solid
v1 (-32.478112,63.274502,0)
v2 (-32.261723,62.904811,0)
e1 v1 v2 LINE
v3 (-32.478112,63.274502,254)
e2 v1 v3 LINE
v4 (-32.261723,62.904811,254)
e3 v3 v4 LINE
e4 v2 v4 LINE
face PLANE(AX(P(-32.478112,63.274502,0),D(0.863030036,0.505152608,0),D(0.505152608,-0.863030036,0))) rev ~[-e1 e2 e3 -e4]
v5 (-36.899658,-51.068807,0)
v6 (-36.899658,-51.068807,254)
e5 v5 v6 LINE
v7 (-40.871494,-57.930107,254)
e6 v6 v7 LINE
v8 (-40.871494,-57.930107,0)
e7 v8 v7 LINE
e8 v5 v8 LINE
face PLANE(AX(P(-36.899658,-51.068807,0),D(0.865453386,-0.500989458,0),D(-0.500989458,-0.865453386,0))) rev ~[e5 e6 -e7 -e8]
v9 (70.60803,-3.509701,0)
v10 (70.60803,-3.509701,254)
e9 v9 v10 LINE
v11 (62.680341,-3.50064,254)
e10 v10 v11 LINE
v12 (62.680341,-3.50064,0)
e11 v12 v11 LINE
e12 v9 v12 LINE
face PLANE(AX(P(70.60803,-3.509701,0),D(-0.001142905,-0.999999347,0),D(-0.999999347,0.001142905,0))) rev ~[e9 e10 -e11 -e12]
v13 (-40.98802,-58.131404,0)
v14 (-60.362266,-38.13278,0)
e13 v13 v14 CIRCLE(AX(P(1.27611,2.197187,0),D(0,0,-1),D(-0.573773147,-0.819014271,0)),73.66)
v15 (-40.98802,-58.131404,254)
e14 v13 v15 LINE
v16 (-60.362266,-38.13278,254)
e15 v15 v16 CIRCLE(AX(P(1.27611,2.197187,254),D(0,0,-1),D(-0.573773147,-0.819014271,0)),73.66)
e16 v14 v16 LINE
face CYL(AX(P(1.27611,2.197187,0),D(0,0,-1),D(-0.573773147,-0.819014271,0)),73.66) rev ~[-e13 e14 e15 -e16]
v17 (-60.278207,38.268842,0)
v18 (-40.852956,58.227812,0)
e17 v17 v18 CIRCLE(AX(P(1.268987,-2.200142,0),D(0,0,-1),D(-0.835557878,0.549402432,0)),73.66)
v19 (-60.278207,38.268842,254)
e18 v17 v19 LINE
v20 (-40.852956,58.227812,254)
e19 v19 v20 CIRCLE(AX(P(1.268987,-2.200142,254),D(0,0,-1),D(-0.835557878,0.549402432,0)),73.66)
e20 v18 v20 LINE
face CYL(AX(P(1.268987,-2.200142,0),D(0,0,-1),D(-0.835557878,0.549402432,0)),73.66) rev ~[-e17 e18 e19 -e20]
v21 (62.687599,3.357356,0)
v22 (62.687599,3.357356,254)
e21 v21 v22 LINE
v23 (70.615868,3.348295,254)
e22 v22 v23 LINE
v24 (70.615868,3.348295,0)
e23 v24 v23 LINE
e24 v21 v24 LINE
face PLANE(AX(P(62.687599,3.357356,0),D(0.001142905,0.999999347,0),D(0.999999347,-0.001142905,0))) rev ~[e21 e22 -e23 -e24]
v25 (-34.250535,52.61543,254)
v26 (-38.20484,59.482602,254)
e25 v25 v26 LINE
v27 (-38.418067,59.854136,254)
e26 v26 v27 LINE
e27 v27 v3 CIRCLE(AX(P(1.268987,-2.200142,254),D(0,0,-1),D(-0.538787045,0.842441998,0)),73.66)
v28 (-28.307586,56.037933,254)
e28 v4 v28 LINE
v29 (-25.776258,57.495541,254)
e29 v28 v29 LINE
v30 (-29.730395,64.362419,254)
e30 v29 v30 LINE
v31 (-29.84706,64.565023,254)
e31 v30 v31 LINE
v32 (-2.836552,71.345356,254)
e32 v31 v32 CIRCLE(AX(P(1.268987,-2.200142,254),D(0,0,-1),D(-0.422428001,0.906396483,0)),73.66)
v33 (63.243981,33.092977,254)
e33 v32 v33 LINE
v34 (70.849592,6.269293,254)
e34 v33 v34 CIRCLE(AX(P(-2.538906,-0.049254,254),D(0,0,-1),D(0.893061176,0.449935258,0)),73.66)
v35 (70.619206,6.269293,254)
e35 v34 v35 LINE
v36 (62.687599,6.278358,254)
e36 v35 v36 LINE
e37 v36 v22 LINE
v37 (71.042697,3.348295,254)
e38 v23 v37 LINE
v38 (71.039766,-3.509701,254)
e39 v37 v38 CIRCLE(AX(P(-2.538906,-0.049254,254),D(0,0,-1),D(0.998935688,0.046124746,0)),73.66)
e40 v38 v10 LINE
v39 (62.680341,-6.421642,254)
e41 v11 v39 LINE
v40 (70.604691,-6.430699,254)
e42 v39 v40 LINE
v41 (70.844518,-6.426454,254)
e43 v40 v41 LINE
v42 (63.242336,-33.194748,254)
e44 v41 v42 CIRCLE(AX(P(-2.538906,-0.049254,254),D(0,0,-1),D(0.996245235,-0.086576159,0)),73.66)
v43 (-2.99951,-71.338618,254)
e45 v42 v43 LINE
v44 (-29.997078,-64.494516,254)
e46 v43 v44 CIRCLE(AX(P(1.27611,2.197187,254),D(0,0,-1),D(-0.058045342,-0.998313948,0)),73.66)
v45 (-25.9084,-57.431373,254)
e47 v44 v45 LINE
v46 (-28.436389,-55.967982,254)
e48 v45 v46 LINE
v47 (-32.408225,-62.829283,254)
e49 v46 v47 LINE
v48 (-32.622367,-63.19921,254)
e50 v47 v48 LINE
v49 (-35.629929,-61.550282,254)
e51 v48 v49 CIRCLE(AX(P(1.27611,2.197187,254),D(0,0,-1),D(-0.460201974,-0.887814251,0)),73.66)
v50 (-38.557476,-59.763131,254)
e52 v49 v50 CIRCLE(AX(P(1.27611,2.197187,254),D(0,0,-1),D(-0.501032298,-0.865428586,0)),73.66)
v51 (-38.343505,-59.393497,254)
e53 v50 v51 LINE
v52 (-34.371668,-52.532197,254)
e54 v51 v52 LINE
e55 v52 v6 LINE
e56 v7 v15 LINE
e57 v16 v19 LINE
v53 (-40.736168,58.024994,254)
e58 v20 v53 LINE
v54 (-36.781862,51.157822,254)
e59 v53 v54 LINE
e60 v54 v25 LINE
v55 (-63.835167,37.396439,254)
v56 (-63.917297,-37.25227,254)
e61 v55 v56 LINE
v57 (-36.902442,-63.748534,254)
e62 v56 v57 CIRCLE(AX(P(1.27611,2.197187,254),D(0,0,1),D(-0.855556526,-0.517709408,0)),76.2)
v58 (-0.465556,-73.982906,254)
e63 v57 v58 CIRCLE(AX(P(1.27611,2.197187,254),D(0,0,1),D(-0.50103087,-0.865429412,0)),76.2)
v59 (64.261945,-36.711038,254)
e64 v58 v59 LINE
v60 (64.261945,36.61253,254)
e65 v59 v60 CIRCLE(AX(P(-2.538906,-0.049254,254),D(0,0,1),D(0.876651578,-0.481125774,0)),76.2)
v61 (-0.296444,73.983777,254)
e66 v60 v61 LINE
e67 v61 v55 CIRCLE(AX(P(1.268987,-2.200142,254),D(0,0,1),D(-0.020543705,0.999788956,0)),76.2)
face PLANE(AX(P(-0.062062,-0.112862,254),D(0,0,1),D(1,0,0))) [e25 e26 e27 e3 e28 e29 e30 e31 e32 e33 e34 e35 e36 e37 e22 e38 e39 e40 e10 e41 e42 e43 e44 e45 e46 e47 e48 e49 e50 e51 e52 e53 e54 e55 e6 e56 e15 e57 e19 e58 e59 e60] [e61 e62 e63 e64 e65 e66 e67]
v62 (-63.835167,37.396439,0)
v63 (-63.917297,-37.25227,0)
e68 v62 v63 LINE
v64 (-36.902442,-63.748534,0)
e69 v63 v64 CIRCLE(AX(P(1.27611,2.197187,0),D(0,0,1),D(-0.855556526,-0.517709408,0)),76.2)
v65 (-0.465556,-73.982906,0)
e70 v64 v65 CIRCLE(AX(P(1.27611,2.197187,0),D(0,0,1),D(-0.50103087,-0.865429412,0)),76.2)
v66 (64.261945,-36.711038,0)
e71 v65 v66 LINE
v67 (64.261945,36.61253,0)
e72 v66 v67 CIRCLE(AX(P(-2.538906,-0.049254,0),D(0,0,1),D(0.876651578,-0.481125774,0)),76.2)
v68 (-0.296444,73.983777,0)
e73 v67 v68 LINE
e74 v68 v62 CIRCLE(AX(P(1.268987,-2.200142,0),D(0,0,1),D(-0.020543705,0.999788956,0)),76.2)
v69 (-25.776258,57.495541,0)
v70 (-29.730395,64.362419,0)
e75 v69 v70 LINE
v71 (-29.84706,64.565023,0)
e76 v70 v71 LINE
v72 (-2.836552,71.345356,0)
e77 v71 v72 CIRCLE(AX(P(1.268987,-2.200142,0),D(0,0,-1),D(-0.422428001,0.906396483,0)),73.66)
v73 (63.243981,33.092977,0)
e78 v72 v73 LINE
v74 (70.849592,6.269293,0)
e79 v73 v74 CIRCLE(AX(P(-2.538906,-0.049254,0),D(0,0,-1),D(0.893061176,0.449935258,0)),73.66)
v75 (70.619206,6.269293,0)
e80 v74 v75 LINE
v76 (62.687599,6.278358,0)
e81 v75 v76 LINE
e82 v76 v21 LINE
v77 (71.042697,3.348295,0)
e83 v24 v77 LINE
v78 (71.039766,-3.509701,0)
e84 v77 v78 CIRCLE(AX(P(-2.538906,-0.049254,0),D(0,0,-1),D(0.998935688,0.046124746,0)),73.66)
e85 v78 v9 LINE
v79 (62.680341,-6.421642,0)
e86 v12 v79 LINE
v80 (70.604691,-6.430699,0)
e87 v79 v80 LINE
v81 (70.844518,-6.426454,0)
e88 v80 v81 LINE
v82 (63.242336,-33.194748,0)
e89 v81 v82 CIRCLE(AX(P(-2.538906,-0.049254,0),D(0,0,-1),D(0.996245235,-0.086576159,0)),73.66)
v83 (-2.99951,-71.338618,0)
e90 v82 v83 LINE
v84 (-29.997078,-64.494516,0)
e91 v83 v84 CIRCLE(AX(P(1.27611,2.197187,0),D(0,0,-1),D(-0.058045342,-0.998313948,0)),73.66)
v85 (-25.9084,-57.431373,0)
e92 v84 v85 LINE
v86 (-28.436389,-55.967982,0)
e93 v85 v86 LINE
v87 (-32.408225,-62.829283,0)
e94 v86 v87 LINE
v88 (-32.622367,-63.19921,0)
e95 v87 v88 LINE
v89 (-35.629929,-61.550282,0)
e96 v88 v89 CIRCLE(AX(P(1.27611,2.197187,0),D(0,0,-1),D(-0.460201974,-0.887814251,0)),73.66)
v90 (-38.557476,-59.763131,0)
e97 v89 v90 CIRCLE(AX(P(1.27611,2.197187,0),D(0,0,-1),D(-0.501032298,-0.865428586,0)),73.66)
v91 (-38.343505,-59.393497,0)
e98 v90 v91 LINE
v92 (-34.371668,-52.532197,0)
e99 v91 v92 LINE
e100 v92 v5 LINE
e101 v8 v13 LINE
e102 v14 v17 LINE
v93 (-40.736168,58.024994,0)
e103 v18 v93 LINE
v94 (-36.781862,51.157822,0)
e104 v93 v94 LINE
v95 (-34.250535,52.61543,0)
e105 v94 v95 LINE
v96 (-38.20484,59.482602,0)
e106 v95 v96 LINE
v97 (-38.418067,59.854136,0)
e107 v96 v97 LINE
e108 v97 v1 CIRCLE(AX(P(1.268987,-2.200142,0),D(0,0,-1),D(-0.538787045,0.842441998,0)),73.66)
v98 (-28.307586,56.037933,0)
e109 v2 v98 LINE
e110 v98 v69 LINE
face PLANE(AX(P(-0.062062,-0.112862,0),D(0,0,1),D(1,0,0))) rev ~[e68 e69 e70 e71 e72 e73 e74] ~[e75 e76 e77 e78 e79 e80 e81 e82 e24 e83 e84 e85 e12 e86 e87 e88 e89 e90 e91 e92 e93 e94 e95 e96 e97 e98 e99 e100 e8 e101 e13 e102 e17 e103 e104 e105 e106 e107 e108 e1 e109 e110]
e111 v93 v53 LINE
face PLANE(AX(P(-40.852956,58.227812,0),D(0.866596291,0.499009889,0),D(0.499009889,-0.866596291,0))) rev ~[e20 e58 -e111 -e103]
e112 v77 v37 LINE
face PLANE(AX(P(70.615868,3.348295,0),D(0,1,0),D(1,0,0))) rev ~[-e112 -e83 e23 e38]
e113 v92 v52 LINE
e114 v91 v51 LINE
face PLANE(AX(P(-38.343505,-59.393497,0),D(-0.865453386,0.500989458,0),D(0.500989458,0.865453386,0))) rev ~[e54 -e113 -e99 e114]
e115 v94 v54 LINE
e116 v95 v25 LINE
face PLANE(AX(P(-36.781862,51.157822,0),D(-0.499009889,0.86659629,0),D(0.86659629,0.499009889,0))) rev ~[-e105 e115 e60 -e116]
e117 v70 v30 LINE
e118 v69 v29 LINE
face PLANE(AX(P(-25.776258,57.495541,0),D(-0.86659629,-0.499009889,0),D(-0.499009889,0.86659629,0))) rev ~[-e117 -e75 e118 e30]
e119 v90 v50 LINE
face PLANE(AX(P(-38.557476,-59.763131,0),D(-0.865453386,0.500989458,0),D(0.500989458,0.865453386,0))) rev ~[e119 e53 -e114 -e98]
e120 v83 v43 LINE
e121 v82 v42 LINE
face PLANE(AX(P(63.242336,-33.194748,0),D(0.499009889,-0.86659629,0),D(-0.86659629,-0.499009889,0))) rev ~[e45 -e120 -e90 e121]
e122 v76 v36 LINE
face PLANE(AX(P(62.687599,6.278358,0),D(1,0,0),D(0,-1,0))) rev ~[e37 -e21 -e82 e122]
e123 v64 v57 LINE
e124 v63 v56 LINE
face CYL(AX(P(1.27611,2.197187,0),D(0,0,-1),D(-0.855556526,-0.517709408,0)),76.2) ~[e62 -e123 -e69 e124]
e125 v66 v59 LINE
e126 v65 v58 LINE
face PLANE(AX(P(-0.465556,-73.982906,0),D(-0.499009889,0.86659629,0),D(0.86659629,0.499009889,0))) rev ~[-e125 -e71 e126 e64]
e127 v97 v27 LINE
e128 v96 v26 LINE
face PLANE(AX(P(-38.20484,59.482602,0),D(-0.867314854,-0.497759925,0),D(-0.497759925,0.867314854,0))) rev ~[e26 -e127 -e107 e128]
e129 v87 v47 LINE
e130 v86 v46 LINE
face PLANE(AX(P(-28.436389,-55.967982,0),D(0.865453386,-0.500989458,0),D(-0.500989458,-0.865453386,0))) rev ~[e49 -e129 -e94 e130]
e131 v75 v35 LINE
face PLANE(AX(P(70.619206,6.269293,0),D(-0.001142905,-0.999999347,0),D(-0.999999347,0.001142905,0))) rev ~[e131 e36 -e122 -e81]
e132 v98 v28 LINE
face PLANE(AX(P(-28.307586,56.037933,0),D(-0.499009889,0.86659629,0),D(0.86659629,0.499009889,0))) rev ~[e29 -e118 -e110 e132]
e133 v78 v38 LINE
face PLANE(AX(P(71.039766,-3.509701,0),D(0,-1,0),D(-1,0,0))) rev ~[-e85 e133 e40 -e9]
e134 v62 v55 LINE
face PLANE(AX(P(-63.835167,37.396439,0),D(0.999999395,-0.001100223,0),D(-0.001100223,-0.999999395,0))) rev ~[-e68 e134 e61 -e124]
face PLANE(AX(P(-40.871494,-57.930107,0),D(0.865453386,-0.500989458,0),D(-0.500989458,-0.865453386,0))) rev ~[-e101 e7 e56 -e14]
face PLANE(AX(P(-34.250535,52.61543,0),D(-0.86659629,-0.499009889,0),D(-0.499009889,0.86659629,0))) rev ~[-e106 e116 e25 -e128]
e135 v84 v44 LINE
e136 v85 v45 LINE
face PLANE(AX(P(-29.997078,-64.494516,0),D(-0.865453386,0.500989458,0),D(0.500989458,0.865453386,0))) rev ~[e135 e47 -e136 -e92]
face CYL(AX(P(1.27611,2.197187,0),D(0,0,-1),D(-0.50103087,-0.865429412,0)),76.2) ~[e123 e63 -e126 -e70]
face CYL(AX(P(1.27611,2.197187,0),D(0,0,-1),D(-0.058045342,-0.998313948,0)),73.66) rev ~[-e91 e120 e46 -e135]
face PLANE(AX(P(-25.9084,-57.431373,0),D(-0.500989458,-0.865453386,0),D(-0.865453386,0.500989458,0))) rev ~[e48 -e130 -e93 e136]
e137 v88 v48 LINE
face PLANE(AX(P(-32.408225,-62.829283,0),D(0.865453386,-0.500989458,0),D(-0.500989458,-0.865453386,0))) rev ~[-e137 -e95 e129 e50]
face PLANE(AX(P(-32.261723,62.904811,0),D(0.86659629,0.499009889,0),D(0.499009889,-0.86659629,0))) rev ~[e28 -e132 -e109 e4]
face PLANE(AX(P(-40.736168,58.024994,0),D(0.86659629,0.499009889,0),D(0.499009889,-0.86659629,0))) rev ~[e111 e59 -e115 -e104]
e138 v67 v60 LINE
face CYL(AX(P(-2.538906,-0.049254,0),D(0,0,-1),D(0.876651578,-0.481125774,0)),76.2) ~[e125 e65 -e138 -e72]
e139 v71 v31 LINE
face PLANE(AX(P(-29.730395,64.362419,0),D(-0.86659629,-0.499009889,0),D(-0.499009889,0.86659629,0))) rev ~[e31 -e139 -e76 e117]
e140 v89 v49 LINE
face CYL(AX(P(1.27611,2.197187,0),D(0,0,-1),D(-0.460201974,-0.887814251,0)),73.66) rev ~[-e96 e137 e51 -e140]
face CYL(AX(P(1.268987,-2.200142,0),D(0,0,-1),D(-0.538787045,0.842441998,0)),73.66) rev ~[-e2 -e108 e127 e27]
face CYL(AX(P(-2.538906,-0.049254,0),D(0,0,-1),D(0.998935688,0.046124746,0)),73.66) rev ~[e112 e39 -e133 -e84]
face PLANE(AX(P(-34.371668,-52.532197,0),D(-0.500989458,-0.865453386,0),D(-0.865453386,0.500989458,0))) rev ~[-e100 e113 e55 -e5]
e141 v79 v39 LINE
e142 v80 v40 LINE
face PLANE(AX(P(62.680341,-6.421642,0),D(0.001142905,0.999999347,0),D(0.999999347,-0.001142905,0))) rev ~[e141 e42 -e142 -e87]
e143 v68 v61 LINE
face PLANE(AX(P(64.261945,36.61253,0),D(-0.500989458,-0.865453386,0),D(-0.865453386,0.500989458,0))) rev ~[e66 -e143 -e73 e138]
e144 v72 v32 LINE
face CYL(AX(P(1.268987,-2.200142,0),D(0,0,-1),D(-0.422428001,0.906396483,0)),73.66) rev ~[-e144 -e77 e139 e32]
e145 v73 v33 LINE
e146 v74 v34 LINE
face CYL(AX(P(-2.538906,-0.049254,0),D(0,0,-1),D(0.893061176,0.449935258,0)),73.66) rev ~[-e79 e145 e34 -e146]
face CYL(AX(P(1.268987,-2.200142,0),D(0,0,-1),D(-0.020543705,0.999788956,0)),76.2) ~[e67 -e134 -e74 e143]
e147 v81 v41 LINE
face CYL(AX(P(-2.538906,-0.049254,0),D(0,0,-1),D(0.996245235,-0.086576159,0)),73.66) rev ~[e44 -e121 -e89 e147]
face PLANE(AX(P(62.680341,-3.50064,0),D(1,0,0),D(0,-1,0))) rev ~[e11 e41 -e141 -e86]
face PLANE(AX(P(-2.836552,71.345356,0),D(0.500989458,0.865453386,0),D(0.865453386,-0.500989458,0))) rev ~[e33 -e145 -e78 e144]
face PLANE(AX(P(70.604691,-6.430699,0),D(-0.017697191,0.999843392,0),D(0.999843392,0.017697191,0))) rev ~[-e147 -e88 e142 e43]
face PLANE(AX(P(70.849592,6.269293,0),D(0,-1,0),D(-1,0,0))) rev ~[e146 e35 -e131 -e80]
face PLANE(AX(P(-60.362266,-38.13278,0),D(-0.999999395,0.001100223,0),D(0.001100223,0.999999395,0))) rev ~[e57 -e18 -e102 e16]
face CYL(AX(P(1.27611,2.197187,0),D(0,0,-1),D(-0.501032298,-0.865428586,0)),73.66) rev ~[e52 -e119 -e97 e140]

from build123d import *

# Parameters (mm, degrees)
F1_DEPTH = 254


with BuildPart() as f1:
    # F0 (on Top) → F1 (new body)
    with BuildSketch(Plane.XY):
        with BuildLine():
            ThreePointArc((-63.9172971278, -37.252269623), (-52.0807404951, -52.2039753244), (-36.9024421093, -63.7485339738))
            ThreePointArc((-36.9024421093, -63.7485339738), (-19.329509086, -71.1638954598), (-0.4655556078, -73.9829059564))
            Line((-0.4655556078, -73.9829059564), (64.2619446451, -36.7110377546))
            ThreePointArc((64.2619446451, -36.7110377546), (73.6610943752, -0.0492537933), (64.2619446451, 36.6125301679))
            Line((64.2619446451, 36.6125301679), (-0.2964437039, 73.9837768494))
            ThreePointArc((-0.2964437039, 73.9837768494), (-36.7555669447, 63.8344957469), (-63.835166885, 37.3964390584))
            Line((-63.835166885, 37.3964390584), (-63.9172971278, -37.252269623))
        make_face()
        with BuildLine():
            ThreePointArc((-29.8470599698, 64.5650233271), (-16.6651496872, 69.2432790749), (-2.8365521462, 71.3453555691))
            Line((-2.8365521462, 71.3453555691), (63.2439805634, 33.0929773438))
            ThreePointArc((63.2439805634, 33.0929773438), (68.3274899289, 20.0442670833), (70.8495918756, 6.2692930832))
            Line((70.8495918756, 6.2692930832), (70.6192062362, 6.2692930832))
            Line((70.6192062362, 6.2692930832), (62.687598795, 6.2783581593))
            Line((62.687598795, 6.2783581593), (62.687598795, 3.3573562515))
            Line((62.687598795, 3.3573562515), (70.615867812, 3.348294991))
            Line((70.615867812, 3.348294991), (71.0426971184, 3.348294991))
            ThreePointArc((71.0426971184, 3.348294991), (71.1210876471, -0.0807369009), (71.0397659342, -3.5097005299))
            Line((71.0397659342, -3.5097005299), (70.6080297727, -3.5097005299))
            Line((70.6080297727, -3.5097005299), (62.6803413512, -3.500639933))
            Line((62.6803413512, -3.500639933), (62.6803413512, -6.4216418407))
            Line((62.6803413512, -6.4216418407), (70.6046913485, -6.4306986222))
            Line((70.6046913485, -6.4306986222), (70.8445183989, -6.4264536924))
            ThreePointArc((70.8445183989, -6.4264536924), (68.3189554011, -20.1728501626), (63.2423364631, -33.1947480478))
            Line((63.2423364631, -33.1947480478), (-2.9995097455, -71.3386181446))
            ThreePointArc((-2.9995097455, -71.3386181446), (-16.824714987, -69.2041833938), (-29.9970779625, -64.4945161744))
            Line((-29.9970779625, -64.4945161744), (-29.8802360443, -64.2926731373))
            Line((-29.8802360443, -64.2926731373), (-25.9083996901, -57.4313726302))
            Line((-25.9083996901, -57.4313726302), (-28.4363890304, -55.9679824239))
            Line((-28.4363890304, -55.9679824239), (-32.4082253845, -62.829282931))
            Line((-32.4082253845, -62.829282931), (-32.6223672301, -63.1992104464))
            ThreePointArc((-32.6223672301, -63.1992104464), (-34.1357470047, -62.3922544042), (-35.629928885, -61.550282371))
            ThreePointArc((-35.629928885, -61.550282371), (-37.1041062051, -60.6737487447), (-38.557476293, -59.7631306268))
            Line((-38.557476293, -59.7631306268), (-38.343504705, -59.3934972294))
            Line((-38.343504705, -59.3934972294), (-34.3716683509, -52.5321967223))
            Line((-34.3716683509, -52.5321967223), (-36.8996576911, -51.068806516))
            Line((-36.8996576911, -51.068806516), (-40.8714940452, -57.9301070231))
            Line((-40.8714940452, -57.9301070231), (-40.9880198366, -58.1314039549))
            ThreePointArc((-40.9880198366, -58.1314039549), (-51.6286997848, -49.0558778871), (-60.3622655514, -38.132779784))
            Line((-60.3622655514, -38.132779784), (-60.2782067134, 38.2688415367))
            ThreePointArc((-60.2782067134, 38.2688415367), (-51.5174942727, 49.1747845638), (-40.8529560911, 58.2278117456))
            Line((-40.8529560911, 58.2278117456), (-40.7361678983, 58.0249936915))
            Line((-40.7361678983, 58.0249936915), (-36.7818624227, 51.1578222559))
            Line((-36.7818624227, 51.1578222559), (-34.2505346584, 52.6154301419))
            Line((-34.2505346584, 52.6154301419), (-38.2048401339, 59.4826015775))
            Line((-38.2048401339, 59.4826015775), (-38.4180671326, 59.8541359939))
            ThreePointArc((-38.4180671326, 59.8541359939), (-35.4878957288, 61.6334483289), (-32.478111739, 63.2745020074))
            Line((-32.478111739, 63.2745020074), (-32.261722774, 62.9048113968))
            Line((-32.261722774, 62.9048113968), (-28.3075860187, 56.0379329659))
            Line((-28.3075860187, 56.0379329659), (-25.7762582543, 57.4955408519))
            Line((-25.7762582543, 57.4955408519), (-29.7303950097, 64.3624192828))
            Line((-29.7303950097, 64.3624192828), (-29.8470599698, 64.5650233271))
        make_face(mode=Mode.SUBTRACT)
    extrude(amount=F1_DEPTH)


solid = f1.part
